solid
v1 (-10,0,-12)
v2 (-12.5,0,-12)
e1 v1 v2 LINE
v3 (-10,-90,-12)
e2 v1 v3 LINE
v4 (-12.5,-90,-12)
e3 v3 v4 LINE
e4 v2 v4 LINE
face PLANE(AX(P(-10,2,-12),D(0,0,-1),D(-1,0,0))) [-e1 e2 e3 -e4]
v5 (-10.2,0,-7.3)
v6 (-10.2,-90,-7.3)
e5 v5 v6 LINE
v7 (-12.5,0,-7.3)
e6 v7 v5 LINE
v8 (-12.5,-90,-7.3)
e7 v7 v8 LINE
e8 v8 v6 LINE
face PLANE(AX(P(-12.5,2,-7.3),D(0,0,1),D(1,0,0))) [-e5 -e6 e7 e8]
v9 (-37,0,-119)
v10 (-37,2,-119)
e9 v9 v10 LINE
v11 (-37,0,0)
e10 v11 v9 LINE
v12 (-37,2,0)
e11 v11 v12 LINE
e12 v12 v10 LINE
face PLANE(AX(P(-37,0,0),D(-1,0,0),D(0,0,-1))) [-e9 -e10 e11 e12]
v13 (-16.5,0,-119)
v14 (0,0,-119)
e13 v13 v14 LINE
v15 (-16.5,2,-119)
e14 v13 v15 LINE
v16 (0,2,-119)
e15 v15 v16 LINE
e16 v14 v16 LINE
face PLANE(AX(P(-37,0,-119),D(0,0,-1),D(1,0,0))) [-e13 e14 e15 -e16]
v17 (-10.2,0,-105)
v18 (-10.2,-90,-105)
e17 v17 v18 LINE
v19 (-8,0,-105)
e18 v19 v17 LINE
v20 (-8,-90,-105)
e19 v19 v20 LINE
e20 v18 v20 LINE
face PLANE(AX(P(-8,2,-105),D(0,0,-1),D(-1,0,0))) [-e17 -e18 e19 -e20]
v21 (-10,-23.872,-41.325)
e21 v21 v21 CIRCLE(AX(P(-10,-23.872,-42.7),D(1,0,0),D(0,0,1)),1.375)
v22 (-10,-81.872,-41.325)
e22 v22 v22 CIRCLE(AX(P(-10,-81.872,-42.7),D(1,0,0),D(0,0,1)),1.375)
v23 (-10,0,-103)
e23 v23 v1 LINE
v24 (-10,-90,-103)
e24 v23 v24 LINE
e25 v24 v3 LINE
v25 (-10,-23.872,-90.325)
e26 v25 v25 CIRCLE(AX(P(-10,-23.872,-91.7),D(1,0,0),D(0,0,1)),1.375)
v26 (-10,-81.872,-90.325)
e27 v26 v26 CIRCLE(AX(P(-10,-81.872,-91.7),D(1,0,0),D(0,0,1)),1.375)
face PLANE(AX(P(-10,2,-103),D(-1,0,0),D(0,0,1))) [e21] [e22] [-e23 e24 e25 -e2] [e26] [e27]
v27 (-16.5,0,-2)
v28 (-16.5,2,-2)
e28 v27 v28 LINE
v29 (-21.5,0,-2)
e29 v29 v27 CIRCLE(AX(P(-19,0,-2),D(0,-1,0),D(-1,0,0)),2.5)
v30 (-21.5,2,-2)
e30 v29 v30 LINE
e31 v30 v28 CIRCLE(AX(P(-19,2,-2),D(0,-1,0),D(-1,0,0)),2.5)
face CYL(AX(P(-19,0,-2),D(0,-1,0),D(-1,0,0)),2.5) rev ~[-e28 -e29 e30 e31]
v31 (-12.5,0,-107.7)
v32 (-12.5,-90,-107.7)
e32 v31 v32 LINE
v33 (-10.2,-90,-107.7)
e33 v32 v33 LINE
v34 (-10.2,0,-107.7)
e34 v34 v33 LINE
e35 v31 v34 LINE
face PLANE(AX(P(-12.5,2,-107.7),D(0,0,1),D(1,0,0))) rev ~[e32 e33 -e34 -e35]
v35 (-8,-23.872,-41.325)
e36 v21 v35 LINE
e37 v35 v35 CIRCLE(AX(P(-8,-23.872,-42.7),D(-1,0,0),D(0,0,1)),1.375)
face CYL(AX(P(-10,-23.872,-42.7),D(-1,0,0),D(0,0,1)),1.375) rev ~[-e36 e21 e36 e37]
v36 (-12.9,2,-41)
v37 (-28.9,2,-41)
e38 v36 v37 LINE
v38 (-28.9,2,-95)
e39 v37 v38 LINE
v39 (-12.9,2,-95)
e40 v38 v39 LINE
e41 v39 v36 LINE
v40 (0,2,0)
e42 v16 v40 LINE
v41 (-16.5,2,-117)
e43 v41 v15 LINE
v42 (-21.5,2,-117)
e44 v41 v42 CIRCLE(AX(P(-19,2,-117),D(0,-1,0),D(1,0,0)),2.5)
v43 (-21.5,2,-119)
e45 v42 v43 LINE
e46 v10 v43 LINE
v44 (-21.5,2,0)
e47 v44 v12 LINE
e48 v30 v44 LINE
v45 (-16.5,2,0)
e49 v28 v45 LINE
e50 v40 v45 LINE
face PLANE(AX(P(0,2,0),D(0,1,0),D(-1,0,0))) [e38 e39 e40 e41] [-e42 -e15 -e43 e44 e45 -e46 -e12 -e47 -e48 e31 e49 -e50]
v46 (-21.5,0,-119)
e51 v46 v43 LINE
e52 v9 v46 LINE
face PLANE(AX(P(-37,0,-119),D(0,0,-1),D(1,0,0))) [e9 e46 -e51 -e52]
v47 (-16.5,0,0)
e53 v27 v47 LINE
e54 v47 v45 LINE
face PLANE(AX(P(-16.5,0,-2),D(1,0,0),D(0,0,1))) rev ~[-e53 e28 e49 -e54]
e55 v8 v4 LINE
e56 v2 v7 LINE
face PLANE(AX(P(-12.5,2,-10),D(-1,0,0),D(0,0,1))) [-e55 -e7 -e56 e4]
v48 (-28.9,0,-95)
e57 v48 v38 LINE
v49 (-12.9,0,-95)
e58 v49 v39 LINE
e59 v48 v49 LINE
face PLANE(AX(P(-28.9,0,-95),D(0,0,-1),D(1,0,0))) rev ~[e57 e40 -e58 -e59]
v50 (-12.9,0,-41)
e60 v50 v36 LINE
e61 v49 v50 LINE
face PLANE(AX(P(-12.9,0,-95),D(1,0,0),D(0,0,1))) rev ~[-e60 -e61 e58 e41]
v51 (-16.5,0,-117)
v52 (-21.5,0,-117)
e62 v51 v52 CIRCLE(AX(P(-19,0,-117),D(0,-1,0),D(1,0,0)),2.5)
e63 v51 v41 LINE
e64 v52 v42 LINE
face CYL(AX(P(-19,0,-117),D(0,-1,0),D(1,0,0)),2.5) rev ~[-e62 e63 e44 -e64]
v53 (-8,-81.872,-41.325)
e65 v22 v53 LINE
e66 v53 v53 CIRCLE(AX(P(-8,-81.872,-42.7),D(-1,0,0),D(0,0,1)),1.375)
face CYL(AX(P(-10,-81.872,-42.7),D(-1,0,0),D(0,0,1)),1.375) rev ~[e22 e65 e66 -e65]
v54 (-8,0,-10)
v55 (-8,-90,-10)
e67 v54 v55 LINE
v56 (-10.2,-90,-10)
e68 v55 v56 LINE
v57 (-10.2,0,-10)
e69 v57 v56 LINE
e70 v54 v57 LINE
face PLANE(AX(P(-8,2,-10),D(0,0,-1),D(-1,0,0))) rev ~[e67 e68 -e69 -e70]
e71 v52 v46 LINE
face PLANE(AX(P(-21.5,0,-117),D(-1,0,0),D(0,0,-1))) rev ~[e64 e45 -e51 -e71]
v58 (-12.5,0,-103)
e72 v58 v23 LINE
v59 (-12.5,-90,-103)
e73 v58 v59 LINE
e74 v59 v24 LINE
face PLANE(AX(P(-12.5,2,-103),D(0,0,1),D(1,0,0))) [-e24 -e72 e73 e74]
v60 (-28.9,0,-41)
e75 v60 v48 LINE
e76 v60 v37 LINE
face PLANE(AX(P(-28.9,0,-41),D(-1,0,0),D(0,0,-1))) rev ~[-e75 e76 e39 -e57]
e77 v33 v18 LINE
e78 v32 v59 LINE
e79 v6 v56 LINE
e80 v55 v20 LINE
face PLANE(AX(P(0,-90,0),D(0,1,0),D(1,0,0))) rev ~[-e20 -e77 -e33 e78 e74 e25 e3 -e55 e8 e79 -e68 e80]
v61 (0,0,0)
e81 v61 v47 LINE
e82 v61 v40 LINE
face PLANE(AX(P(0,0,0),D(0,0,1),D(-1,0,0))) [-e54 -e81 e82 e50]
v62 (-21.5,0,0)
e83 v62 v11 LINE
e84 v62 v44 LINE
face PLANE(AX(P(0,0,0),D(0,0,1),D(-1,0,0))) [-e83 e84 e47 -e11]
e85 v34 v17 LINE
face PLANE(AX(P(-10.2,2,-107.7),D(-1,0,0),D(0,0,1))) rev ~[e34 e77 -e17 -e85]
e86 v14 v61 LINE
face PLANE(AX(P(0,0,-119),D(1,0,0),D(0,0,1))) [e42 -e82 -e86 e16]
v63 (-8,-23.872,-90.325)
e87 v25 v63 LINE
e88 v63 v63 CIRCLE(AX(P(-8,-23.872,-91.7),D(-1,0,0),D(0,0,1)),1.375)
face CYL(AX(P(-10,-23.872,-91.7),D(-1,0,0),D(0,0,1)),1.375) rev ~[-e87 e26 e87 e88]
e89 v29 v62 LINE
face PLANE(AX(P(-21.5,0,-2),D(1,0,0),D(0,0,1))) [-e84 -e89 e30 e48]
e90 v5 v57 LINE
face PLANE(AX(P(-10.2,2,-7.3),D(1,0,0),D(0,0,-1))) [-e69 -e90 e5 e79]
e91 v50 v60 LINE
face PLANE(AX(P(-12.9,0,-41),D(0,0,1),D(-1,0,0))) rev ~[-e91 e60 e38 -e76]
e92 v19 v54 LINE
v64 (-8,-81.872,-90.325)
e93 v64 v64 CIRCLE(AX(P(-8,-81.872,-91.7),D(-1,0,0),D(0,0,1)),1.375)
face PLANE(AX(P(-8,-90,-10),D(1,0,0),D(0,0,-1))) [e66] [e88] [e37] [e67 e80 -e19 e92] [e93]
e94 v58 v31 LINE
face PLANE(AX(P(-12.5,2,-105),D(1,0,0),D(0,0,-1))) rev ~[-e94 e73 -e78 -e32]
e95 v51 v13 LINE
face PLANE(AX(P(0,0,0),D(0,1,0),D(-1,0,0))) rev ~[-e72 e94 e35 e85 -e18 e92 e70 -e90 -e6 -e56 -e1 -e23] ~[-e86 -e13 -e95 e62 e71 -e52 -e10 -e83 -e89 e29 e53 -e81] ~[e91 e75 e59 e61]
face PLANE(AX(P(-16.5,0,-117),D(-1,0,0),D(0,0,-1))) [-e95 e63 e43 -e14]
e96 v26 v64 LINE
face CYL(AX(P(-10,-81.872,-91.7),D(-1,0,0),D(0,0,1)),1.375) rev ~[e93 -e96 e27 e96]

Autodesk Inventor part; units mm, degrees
ref_plane "YZ Plane" through (0, 0, 0) normal (1, 0, 0) x (0, 1, 0)
ref_plane "XZ Plane" through (0, 0, 0) normal (0, 1, 0) x (-1, 0, 0)
ref_plane "XY Plane" through (0, 0, 0) normal (0, 0, 1) x (1, 0, 0)
sketch "Sketch1" plane through (0, 0, 0) normal (0, 1, 0) x (-1, 0, 0)
  line L0 (0, 0) -> (37, 0)
  line L1 (37, 0) -> (37, -119)
  line L2 (37, -119) -> (0, -119)
  line L3 (0, -119) -> (0, 0)
  dimension "d0" = 37
  dimension "d1" = 119
extrude "Extrusion1" add sketch "Sketch1" along normal blind 2
sketch "Sketch3" plane through (0, 0, 0) normal (0, -1, 0) x (1, 0, 0)
  line L0 (0, 0) -> (-16.5, 0)
  line L1 (-37, 0) -> (0, 0) projected
  line L2 (-19, 0) -> (-19, -2)
  arc A0 (-21.5, -2) -> (-16.5, -2) centre (-19, -2) ccw
  line L3 (0, 0) -> (0, -119) projected
  line L4 (0, -119) -> (-19, -119)
  line L5 (0, -119) -> (-37, -119) projected
  line L6 (-19, -119) -> (-19, -117)
  arc A1 (-16.5, -117) -> (-21.5, -117) centre (-19, -117) ccw
  line L7 (-16.5, -117) -> (-16.5, -119)
  line L8 (-21.5, -117) -> (-21.5, -119)
  line L9 (-21.5, -119) -> (-16.5, -119)
  line L10 (-21.5, -2) -> (-21.5, 0)
  line L11 (-16.5, -2) -> (-16.5, 0)
  line L12 (-21.5, 0) -> (-16.5, 0)
  dimension "d14" = 19
  dimension "d15" = 2
  dimension "d16" = 5
  dimension "d17" = 19
  dimension "d18" = 2
  dimension "d19" = 5
extrude "Extrusion3" cut sketch "Sketch3" against normal blind 2
sketch "Sketch4" plane through (0, 2, 0) normal (0, 1, 0) x (1, 0, 0)
  line L0 (0, 119) -> (0, 0) projected
  line L1 (0, 0) -> (0, 10)
  line L2 (0, 10) -> (-6, 10)
  line L3 (-32, 10) -> (-32, 105)
  line L4 (-6, 105) -> (-6, 10)
  line L5 (-6, 10) -> (-12.1, 10)
  line L6 (-6, 105) -> (-10.2, 105)
  line L7 (-10.2, 105) -> (-12.1, 105)
  line L8 (-12.5, 105) -> (-12.5, 107.7)
  line L9 (-12.5, 107.7) -> (-10.2, 107.7)
  line L10 (-10.2, 107.7) -> (-10.2, 105)
  line L11 (-6, 10) -> (-8, 10)
  line L12 (-8, 10) -> (-8, 105)
  line L13 (-12.5, 105) -> (-12.5, 103)
  line L14 (-12.5, 103) -> (-10, 103)
  line L15 (-10, 103) -> (-10, 12)
  line L16 (-6, 10) -> (-12.1, 10)
  line L17 (-15.4, 10) -> (-32, 10)
  line L18 (-32, 105) -> (-12.5, 105)
  line L19 (-10.2, 105) -> (-6, 105)
  line L20 (-10, 12) -> (-12.5, 12)
  line L21 (-12.5, 12) -> (-12.5, 10)
  line L22 (-12.5, 10) -> (-12.5, 7.3)
  line L23 (-12.5, 7.3) -> (-10.2, 7.3)
  line L24 (-10.2, 7.3) -> (-10.2, 10)
  line L25 (-15.4, 10) -> (-12.5, 10)
  point P0 (-19, 2)
  dimension "d59" = 10
  dimension "d60" = 6
  dimension "d61" = 26
  dimension "d62" = 95
  dimension "d66" = 4.2
  dimension "d67" = 2.3
  dimension "d73" = 2
  dimension "d76" = 2.5
  dimension "d101" = 2.5
  dimension "d102" = 2.7
  dimension "d103" = 4.5
  dimension "d106" = 2
  dimension "d107" = 2.7
  dimension "d108" = 2
  dimension "d109" = 2
  dimension "d110" = 2
extrude "Extrusion7" add sketch "Sketch4" against normal blind 92 contours L8 L9 L10 L6 L12 L5 L24 L23 L22 L21 L20 L15 L14 L13 | L6 L4 L5 L12
sketch "Sketch6" plane through (-10, -90, -103) normal (-1, 0, 0) x (0, 0, 1)
  line L0 (103, 92) -> (-16, 92) projected
  line L1 (-4.7, 92) -> (60.3, 92)
  line L2 (60.3, 92) -> (60.3, 66.128)
  circle A0 centre (60.3, 66.128) radius 1.375
  line L3 (-4.7, 90) -> (-4.7, 0) projected
  line L4 (60.3, 66.128) -> (60.3, 8.128)
  circle A1 centre (60.3, 8.128) radius 1.375
  line L5 (60.3, 8.128) -> (11.3, 8.128)
  circle A2 centre (11.3, 8.128) radius 1.375
  line L6 (11.3, 8.128) -> (11.3, 66.128)
  circle A3 centre (11.3, 66.128) radius 1.375
  point P0 (103, 90)
  dimension "d16" = 5
  dimension "d80" = 65
  dimension "d81" = 25.872
  dimension "d82" = 2.75
  dimension "d83" = 65
  dimension "d87" = 58
  dimension "d88" = 2.75
  dimension "d89" = 49
  dimension "d90" = 2.75
  dimension "d91" = 2.75
extrude "Extrusion8" cut sketch "Sketch6" against normal blind 2
sketch "Sketch7" plane through (0, 0, 0) normal (0, -1, 0) x (1, 0, 0)
  line L0 (-10, -103) -> (-10, -12) projected
  line L1 (-10, -103) -> (-10, -41)
  line L2 (-10, -41) -> (-12.9, -41)
  line L3 (-12.9, -41) -> (-28.9, -41)
  line L4 (-28.9, -41) -> (-28.9, -95)
  line L5 (-28.9, -95) -> (-12.9, -95)
  line L6 (-12.9, -95) -> (-12.9, -41)
  point P0 (0, 0)
  dimension "d94" = 62
  dimension "d95" = 2.9
  dimension "d96" = 16
  dimension "d97" = 54
extrude "Extrusion9" cut sketch "Sketch7" against normal blind 2
sketch "Sketch8" plane through (-6, -90, -10) normal (1, 0, 0) x (0, 0, -1)
  line L0 (0, 90) -> (0, 0) projected
  line L1 (95, 90) -> (95, 0) projected
  line L2 (0, 0) -> (95, 0)
  line L3 (95, 0) -> (95, 90)
  line L4 (95, 90) -> (0, 90)
  line L5 (0, 90) -> (0, 0)
  point P0 (-10, 90)
extrude "Extrusion10" cut sketch "Sketch8" against normal blind 2
properties part number "Slot"
